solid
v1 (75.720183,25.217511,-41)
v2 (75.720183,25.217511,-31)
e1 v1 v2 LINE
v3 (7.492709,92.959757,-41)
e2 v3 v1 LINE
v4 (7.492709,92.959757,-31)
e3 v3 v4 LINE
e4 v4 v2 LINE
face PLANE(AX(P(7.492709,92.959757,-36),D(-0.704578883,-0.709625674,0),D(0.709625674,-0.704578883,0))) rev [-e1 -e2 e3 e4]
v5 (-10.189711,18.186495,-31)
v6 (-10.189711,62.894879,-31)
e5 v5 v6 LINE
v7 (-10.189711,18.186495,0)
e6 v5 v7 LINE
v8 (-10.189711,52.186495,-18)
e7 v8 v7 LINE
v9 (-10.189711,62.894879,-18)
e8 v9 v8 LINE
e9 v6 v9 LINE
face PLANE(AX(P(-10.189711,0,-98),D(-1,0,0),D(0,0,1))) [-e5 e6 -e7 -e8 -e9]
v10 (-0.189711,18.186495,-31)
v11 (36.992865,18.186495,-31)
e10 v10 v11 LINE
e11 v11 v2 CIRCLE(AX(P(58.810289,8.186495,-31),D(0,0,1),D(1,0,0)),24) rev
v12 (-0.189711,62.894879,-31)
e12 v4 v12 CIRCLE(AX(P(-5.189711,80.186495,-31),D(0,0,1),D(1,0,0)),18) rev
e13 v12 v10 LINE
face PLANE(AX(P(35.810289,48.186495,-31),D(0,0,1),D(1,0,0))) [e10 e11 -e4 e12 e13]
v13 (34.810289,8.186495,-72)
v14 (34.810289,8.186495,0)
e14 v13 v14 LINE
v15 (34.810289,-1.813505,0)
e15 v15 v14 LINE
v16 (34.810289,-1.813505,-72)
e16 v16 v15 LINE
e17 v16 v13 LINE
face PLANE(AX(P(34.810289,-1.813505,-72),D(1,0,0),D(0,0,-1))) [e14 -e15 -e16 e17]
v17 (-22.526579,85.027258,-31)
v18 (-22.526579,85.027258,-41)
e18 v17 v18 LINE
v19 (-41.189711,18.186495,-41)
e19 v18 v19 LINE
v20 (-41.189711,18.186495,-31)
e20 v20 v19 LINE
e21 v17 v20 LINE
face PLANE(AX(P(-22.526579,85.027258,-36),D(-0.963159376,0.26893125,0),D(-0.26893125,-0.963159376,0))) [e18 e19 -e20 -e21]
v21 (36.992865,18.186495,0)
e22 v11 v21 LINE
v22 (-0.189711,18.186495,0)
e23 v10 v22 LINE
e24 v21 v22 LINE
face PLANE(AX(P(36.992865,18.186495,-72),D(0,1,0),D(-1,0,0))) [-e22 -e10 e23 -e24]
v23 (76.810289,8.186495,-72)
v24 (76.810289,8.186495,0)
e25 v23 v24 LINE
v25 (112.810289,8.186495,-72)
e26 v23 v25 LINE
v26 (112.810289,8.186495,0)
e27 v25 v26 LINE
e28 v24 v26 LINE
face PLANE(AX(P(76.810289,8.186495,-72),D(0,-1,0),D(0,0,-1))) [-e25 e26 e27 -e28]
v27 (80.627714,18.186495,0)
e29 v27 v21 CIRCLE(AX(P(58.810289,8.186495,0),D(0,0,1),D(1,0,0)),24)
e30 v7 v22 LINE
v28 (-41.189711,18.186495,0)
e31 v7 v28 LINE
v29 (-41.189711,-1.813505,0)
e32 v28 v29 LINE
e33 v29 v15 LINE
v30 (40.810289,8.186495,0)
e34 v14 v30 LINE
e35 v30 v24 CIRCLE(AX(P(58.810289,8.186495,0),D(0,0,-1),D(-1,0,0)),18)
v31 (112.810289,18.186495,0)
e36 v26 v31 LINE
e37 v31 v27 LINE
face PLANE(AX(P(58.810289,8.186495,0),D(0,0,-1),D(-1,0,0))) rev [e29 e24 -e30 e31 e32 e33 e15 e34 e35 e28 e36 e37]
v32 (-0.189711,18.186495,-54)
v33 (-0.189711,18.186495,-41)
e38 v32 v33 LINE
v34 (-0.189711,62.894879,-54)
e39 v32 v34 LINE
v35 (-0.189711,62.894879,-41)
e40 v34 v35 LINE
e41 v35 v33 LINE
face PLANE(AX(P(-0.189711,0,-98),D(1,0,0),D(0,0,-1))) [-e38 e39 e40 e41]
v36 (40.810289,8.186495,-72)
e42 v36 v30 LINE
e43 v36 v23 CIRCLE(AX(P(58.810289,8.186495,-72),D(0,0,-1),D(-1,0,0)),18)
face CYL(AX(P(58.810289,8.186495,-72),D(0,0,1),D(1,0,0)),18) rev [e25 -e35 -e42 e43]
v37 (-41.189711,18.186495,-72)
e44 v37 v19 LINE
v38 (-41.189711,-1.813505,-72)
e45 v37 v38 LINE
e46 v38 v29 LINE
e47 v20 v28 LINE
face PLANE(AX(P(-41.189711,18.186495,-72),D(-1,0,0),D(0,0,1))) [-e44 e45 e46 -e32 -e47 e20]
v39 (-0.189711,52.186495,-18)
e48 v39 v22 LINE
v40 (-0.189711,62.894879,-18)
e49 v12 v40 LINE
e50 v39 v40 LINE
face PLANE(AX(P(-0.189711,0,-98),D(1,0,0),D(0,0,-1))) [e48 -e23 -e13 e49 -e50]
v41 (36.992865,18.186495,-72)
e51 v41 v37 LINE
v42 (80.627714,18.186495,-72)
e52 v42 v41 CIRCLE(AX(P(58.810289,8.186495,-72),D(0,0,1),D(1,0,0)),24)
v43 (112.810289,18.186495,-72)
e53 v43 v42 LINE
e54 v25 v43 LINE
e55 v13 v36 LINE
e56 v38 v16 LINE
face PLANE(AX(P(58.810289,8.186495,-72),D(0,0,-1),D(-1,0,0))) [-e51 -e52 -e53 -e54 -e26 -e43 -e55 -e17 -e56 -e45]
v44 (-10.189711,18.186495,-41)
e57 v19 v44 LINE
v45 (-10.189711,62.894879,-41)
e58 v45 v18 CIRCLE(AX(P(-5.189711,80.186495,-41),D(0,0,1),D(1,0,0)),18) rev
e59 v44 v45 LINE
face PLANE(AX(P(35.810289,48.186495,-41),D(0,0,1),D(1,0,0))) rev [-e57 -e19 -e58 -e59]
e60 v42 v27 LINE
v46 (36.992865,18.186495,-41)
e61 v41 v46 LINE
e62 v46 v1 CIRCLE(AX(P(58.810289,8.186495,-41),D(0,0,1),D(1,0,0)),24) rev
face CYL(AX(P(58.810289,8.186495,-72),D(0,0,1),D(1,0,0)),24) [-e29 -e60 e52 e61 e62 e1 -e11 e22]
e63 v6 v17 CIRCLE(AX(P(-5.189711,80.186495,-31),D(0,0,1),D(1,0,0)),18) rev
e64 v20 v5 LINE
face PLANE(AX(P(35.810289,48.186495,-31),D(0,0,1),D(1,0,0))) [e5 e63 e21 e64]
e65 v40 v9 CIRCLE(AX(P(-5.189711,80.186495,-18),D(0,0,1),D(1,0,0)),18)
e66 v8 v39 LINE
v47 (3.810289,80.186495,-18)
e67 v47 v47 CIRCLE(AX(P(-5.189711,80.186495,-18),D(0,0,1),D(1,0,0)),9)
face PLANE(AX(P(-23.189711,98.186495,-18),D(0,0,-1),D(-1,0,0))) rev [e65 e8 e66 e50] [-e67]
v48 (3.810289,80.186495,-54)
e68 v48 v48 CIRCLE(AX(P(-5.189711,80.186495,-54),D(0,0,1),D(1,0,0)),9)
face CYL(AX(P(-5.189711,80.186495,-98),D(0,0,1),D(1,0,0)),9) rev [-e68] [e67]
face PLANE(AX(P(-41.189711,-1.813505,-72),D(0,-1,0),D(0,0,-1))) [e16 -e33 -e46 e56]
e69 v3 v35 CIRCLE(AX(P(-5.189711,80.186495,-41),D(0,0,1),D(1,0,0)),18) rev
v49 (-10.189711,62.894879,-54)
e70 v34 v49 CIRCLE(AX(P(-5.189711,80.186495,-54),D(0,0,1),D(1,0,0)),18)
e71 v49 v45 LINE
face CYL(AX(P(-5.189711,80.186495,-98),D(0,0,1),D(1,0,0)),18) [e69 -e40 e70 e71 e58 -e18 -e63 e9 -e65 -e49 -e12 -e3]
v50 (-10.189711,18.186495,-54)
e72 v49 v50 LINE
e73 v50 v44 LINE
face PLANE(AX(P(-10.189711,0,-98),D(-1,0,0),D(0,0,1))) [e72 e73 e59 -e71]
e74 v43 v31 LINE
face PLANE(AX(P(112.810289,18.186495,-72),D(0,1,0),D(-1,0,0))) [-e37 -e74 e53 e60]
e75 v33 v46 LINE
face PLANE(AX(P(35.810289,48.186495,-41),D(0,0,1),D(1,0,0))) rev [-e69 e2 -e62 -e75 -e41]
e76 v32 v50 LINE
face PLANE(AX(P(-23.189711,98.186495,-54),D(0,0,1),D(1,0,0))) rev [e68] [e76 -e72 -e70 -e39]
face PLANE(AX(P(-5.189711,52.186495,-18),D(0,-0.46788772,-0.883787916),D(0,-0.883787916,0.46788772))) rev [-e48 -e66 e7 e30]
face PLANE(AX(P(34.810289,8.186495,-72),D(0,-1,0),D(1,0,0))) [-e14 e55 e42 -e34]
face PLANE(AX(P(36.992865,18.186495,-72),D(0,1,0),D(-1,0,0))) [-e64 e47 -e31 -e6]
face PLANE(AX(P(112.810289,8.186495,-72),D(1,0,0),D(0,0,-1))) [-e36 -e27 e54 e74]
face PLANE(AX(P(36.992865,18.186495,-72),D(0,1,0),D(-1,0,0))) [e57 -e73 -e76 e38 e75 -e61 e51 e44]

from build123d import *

# Parameters (mm, degrees)
BOSS_EXTRUDE1_DEPTH = 72
SKETCH2_W           = 36
SKETCH2_H           = 36
BOSS_EXTRUDE3_DEPTH = 80
SKETCH4_R           = 9
CUT_EXTRUDE2_DEPTH  = 80
CUT_EXTRUDE3_DEPTH  = 80
RIB1_REACH          = 155.827
SKETCH7_WALL_W      = 405.799744174
SKETCH7_WALL_H      = 10
RIB4_REACH          = 155.827
SKETCH8_WALL_W      = 379.051427732
SKETCH8_WALL_H      = 10
RIB5_REACH          = 171.554
SKETCH12_WALL_W     = 379.578938684
SKETCH12_WALL_H     = 10


with BuildPart() as part:
    # Sketch1 → Boss-Extrude1 (new body)
    with BuildSketch(Plane.XY):
        with BuildLine():
            Line((-41.189710611, -1.813504823), (34.810289389, -1.813504823))
            Line((34.810289389, -1.813504823), (34.810289389, 8.186495177))
            Line((34.810289389, 8.186495177), (40.810289389, 8.186495177))
            ThreePointArc((40.810289389, 8.186495177), (58.810289389, 26.186495177), (76.810289389, 8.186495177))
            Line((76.810289389, 8.186495177), (112.810289389, 8.186495177))
            Line((112.810289389, 8.186495177), (112.810289389, 18.186495177))
            Line((112.810289389, 18.186495177), (80.627713618, 18.186495177))
            ThreePointArc((80.627713618, 18.186495177), (58.810289389, 32.186495177), (36.99286516, 18.186495177))
            Line((36.99286516, 18.186495177), (-41.189710611, 18.186495177))
            Line((-41.189710611, 18.186495177), (-41.189710611, -1.813504823))
        make_face()
    extrude(amount=-BOSS_EXTRUDE1_DEPTH)

    # Sketch2 → Boss-Extrude3 (add)
    with BuildSketch(Plane(origin=(0, 18.186495177, 0), x_dir=(1, 0, 0), z_dir=(0, 1, 0))):
        with Locations((-5.189710611, 36)):
            Rectangle(SKETCH2_W, SKETCH2_H)
    extrude(amount=BOSS_EXTRUDE3_DEPTH)

    # Sketch4 → Cut-Extrude2 (cut)
    with BuildSketch(Plane.XY.offset(-18)):
        with Locations((-5.189710611, 80.186495177)):
            Circle(SKETCH4_R)
    extrude(amount=-CUT_EXTRUDE2_DEPTH, mode=Mode.SUBTRACT)

    # Sketch5 → Cut-Extrude3 (cut)
    with BuildSketch(Plane.XY.offset(-18)):
        with BuildLine():
            Line((-10.189710611, 18.186495177), (-10.189710611, 62.186495177))
            Line((-10.189710611, 62.186495177), (-10.189710611, 62.894878711))
            ThreePointArc((-10.189710611, 62.894878711), (-19.577205181, 69.36984135), (-23.189710611, 80.186495177))
            Line((-23.189710611, 80.186495177), (-23.189710611, 18.186495177))
            Line((-23.189710611, 18.186495177), (-10.189710611, 18.186495177))
        make_face()
        with BuildLine():
            Line((-0.189710611, 62.186495177), (-0.189710611, 18.186495177))
            Line((-0.189710611, 18.186495177), (12.810289389, 18.186495177))
            Line((12.810289389, 18.186495177), (12.810289389, 80.186495177))
            ThreePointArc((12.810289389, 80.186495177), (9.197783959, 69.36984135), (-0.189710611, 62.894878711))
            Line((-0.189710611, 62.894878711), (-0.189710611, 62.186495177))
        make_face()
        with BuildLine():
            Line((12.810289389, 98.186495177), (-5.1897106, 98.186495177))
            ThreePointArc((-5.1897106, 98.186495177), (7.538211454, 92.914417234), (12.810289389, 80.186495177))
            Line((12.810289389, 80.186495177), (12.810289389, 98.186495177))
        make_face()
        with BuildLine():
            Line((-23.189710611, 98.186495177), (-23.189710611, 80.186495177))
            ThreePointArc((-23.189710611, 80.186495177), (-17.917632668, 92.914417242), (-5.1897106, 98.186495177))
            Line((-5.1897106, 98.186495177), (-23.189710611, 98.186495177))
        make_face()
    extrude(amount=-CUT_EXTRUDE3_DEPTH, mode=Mode.SUBTRACT)

    # Sketch7 wall → Rib1 (add, up to next)
    with BuildSketch(Plane(origin=(41.606445938, 59.088634331, -36), x_dir=(0.709625674027, -0.704578883278, 0), z_dir=(0.704578883278, 0.709625674027, 0)), mode=Mode.PRIVATE) as rib1_sk1:
        Rectangle(SKETCH7_WALL_W, SKETCH7_WALL_H)
    rib1_tool1 = extrude(rib1_sk1.sketch, amount=-RIB1_REACH, mode=Mode.PRIVATE) - part.part
    add(rib1_tool1.solids().sort_by_distance((41.606445938, 59.088634331, -36))[0])

    # Sketch8 wall → Rib4 (add, up to next)
    with BuildSketch(Plane(origin=(-31.858144991, 51.606876429, -36), x_dir=(-0.268931250293, -0.963159375501, 0), z_dir=(0.963159375501, -0.268931250293, 0)), mode=Mode.PRIVATE) as rib4_sk1:
        Rectangle(SKETCH8_WALL_W, SKETCH8_WALL_H)
    rib4_tool1 = extrude(rib4_sk1.sketch, amount=RIB4_REACH, mode=Mode.PRIVATE) - part.part
    add(rib4_tool1.solids().sort_by_distance((-31.858144991, 51.606876429, -36))[0])

    # Sketch12 wall → Rib5 (add, up to next)
    with BuildSketch(Plane(origin=(-5.189710611, 35.186495177, -9), x_dir=(0, -0.883787916347, 0.467887720419), z_dir=(0, 0.467887720419, 0.883787916347)), mode=Mode.PRIVATE) as rib5_sk1:
        Rectangle(SKETCH12_WALL_W, SKETCH12_WALL_H)
    rib5_tool1 = extrude(rib5_sk1.sketch, amount=-RIB5_REACH, mode=Mode.PRIVATE) - part.part
    add(rib5_tool1.solids().sort_by_distance((-5.189710611, 35.186495177, -9))[0])


solid = part.part
